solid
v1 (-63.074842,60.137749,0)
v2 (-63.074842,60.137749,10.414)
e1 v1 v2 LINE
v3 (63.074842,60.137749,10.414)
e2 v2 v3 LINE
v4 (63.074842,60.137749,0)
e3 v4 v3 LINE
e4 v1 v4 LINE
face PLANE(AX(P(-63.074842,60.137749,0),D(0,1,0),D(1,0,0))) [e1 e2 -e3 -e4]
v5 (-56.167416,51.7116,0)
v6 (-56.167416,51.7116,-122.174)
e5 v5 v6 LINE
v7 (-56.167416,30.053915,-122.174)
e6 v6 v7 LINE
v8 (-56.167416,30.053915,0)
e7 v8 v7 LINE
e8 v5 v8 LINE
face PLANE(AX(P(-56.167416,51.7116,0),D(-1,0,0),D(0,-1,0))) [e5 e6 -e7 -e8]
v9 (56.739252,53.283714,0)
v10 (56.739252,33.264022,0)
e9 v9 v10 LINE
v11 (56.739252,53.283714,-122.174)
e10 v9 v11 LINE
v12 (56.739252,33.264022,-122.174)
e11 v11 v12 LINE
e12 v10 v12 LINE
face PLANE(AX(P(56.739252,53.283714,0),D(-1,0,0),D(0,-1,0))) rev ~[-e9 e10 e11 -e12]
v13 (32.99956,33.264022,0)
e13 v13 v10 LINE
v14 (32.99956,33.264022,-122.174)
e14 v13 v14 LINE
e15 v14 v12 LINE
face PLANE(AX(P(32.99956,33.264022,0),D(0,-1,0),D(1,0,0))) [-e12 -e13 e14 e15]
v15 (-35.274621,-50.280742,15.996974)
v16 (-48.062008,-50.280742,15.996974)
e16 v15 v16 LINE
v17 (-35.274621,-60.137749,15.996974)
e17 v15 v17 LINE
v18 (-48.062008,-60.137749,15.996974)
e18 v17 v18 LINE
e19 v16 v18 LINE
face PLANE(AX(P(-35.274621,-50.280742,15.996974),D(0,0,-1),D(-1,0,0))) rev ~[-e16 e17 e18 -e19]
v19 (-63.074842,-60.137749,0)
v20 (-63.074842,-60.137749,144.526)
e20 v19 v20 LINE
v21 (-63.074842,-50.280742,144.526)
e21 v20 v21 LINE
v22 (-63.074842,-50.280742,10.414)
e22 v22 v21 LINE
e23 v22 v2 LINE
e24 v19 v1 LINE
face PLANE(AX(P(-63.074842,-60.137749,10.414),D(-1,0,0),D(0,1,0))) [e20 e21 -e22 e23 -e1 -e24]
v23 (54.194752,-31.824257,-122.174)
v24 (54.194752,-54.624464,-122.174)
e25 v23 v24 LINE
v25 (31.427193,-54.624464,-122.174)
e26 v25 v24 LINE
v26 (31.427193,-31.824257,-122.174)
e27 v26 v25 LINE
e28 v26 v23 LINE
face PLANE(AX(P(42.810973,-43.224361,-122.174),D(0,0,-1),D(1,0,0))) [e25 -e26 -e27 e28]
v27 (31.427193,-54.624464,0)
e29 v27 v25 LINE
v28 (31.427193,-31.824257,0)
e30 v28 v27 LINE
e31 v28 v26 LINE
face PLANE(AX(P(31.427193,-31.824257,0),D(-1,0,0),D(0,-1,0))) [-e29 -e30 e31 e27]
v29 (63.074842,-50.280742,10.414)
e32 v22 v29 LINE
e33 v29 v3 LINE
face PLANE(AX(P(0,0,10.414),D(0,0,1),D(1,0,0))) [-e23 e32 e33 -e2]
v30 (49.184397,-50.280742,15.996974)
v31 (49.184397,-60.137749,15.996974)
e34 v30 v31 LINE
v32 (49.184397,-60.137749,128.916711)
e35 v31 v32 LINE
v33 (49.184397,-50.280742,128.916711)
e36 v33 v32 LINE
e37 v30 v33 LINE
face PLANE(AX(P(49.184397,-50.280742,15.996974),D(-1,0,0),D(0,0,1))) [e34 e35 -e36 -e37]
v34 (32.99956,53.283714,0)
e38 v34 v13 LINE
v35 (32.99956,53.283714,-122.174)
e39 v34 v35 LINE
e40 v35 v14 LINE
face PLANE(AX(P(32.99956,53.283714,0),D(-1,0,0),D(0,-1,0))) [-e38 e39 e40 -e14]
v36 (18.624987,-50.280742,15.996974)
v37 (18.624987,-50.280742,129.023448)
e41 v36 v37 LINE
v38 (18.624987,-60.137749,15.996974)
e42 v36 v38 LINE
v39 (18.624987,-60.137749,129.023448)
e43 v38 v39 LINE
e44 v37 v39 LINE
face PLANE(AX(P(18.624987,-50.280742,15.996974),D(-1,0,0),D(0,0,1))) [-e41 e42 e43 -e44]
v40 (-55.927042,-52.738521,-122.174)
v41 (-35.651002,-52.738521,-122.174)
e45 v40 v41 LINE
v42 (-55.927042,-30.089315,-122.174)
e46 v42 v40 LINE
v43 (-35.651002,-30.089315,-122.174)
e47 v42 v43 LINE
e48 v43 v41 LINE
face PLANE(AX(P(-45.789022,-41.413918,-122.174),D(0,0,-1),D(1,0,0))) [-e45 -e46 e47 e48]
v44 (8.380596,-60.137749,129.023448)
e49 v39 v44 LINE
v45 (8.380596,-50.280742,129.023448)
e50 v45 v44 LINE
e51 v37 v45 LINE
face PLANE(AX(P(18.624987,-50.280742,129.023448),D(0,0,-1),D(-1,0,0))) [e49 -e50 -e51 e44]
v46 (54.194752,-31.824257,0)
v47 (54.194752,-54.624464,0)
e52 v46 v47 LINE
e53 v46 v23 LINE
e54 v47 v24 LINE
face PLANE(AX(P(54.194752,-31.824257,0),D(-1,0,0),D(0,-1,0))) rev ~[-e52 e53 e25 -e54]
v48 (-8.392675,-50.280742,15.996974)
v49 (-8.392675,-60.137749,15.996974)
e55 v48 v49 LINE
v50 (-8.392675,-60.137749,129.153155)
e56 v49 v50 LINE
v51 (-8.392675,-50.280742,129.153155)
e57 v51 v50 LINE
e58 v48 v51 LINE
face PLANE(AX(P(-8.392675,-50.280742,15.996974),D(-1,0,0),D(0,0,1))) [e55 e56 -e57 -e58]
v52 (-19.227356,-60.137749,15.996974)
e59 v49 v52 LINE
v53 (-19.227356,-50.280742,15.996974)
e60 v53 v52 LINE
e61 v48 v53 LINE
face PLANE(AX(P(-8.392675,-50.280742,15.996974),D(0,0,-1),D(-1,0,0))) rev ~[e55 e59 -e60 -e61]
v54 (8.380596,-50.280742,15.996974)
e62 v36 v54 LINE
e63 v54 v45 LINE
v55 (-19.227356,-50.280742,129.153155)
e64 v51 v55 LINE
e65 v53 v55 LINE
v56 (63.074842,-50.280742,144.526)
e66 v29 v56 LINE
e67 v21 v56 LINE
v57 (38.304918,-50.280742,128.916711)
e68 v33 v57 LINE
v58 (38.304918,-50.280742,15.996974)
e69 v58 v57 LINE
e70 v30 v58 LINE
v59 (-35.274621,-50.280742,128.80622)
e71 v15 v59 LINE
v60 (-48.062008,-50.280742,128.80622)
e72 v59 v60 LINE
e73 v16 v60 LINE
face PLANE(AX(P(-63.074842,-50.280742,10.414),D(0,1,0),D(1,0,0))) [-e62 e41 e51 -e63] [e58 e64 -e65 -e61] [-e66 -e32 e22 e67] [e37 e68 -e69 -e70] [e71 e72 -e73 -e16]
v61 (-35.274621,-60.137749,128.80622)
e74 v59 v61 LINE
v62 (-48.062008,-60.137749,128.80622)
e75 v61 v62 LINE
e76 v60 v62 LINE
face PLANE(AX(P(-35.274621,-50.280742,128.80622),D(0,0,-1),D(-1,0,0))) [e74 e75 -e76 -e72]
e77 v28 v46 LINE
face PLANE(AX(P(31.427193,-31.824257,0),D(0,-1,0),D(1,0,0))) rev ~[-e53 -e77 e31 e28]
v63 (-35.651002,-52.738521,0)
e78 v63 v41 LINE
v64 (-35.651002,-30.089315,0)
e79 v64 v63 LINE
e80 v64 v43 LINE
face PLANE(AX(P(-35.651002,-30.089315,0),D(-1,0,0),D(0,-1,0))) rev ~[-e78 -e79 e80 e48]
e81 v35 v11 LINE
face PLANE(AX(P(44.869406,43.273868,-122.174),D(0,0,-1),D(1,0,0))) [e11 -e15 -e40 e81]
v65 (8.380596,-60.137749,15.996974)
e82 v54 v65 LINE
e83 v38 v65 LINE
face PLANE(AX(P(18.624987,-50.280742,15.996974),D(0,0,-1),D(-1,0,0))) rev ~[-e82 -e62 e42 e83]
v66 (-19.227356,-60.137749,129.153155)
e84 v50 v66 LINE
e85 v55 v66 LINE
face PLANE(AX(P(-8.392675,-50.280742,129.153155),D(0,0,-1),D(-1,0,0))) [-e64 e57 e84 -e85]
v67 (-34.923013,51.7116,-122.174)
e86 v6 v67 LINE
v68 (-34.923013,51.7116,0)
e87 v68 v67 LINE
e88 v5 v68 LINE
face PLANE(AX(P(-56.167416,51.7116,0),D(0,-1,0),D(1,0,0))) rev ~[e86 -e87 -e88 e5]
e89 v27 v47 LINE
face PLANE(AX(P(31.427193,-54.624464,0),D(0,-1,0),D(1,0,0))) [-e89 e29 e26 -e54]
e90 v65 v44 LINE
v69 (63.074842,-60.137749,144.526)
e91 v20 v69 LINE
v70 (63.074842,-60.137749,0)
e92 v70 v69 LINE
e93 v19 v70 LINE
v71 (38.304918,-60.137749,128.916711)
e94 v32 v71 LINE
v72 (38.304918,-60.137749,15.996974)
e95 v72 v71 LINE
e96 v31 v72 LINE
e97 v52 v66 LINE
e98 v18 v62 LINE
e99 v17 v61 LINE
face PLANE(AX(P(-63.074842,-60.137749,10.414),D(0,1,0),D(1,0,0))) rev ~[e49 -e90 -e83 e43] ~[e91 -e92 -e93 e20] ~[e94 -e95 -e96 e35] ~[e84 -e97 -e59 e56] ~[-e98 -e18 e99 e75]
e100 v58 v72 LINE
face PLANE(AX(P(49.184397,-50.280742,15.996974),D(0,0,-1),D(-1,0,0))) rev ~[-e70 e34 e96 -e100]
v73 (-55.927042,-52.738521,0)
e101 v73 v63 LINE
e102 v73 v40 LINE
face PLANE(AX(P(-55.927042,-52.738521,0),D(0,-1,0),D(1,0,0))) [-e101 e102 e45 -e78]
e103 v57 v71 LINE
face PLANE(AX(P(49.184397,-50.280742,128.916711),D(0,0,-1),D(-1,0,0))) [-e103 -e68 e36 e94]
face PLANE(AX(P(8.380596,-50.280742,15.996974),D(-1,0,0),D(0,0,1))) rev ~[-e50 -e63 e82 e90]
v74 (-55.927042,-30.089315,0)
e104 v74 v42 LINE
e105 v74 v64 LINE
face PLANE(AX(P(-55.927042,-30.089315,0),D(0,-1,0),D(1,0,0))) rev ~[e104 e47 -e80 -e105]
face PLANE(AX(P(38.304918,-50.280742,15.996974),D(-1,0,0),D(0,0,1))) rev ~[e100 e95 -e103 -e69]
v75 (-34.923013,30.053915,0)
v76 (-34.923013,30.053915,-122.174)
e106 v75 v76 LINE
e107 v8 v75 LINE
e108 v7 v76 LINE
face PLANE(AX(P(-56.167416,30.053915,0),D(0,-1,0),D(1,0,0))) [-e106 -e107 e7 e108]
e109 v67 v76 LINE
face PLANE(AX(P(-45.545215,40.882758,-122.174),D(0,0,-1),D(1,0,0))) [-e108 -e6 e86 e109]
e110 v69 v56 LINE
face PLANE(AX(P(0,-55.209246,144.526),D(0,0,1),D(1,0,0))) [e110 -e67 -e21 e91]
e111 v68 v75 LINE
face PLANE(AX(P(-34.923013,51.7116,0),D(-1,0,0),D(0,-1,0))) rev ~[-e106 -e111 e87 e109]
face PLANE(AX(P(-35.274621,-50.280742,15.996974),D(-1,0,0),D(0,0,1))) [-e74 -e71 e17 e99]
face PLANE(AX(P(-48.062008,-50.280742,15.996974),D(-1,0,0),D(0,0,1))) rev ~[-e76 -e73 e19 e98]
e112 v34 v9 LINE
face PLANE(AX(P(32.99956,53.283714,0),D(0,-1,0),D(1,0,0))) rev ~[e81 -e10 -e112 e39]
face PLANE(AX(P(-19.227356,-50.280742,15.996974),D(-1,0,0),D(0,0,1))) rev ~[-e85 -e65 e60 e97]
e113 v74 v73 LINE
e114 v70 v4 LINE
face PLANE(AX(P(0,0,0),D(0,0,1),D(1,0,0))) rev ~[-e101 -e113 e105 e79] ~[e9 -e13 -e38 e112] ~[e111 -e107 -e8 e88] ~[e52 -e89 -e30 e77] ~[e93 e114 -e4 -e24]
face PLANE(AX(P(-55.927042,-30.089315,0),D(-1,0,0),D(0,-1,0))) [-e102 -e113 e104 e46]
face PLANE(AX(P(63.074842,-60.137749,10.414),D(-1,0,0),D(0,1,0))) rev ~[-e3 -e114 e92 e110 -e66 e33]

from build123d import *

# Parameters (mm, degrees)
F0_W      = 126.1496841908
F0_H      = 120.2754974365
F1_DEPTH  = 10.414
F2_W      = 20.2760398388
F2_H      = 22.6492062211
F3_DEPTH  = 122.174
F4_W      = 22.7675586939
F4_H      = 22.8002071381
F5_DEPTH  = 122.174
F6_W      = 23.7396918237
F6_H      = 20.0196914375
F7_DEPTH  = 122.174
F8_W      = 21.2444029748
F8_H      = 21.6576848179
F9_DEPTH  = 122.174
F10_W     = 126.1496841908
F10_H     = 9.857006371
F11_DEPTH = 134.112
F12_W     = 10.8794793487
F12_H     = 112.9197366536
F12_W_2   = 10.2443918586
F12_H_2   = 113.0264736712
F12_W_3   = 10.8346808702
F12_H_3   = 113.1561808288
F12_W_4   = 12.787386775
F12_H_4   = 112.809246406
F13_DEPTH = 25.4


with BuildPart() as f1:
    # F0 (on Top) → F1 (new body)
    with BuildSketch(Plane.XY):
        Rectangle(F0_W, F0_H)
    extrude(amount=F1_DEPTH)

    # F2 (on face) → F3 (join)
    with BuildSketch(Plane(origin=(0, 0, 0), x_dir=(1, 0, 0), z_dir=(0, 0, -1))):
        with Locations((-45.7890219986, 41.4139181376)):
            Rectangle(F2_W, F2_H)
    extrude(amount=F3_DEPTH)

    # F4 (on face) → F5 (join)
    with BuildSketch(Plane(origin=(0, 0, 0), x_dir=(1, 0, 0), z_dir=(0, 0, -1))):
        with Locations((42.81097278, 43.2243607938)):
            Rectangle(F4_W, F4_H)
    extrude(amount=F5_DEPTH)

    # F6 (on face) → F7 (join)
    with BuildSketch(Plane(origin=(0, 0, 0), x_dir=(1, 0, 0), z_dir=(0, 0, -1))):
        with Locations((44.8694061488, -43.2738680393)):
            Rectangle(F6_W, F6_H)
    extrude(amount=F7_DEPTH)

    # F8 (on face) → F9 (join)
    with BuildSketch(Plane(origin=(0, 0, 0), x_dir=(1, 0, 0), z_dir=(0, 0, -1))):
        with Locations((-45.5452147871, -40.8827578649)):
            Rectangle(F8_W, F8_H)
    extrude(amount=F9_DEPTH)

    # F10 (on face) → F11 (join)
    with BuildSketch(Plane.XY.offset(10.414)):
        with Locations((0, -55.2092455328)):
            Rectangle(F10_W, F10_H)
    extrude(amount=F11_DEPTH)

    # F12 (on face) → F13 (cut)
    with BuildSketch(Plane(origin=(0, -50.2807423472, 0), x_dir=(-1, 0, 0), z_dir=(0, 1, 0))):
        with Locations((-43.7446571887, 72.4568422884)):
            Rectangle(F12_W, F12_H)
        with Locations((-13.5027915239, 72.5102107972)):
            Rectangle(F12_W_2, F12_H_2)
        with Locations((13.8100152835, 72.575064376)):
            Rectangle(F12_W_3, F12_H_3)
        with Locations((41.6683144867, 72.4015971646)):
            Rectangle(F12_W_4, F12_H_4)
    extrude(amount=-F13_DEPTH, mode=Mode.SUBTRACT)


solid = f1.part
